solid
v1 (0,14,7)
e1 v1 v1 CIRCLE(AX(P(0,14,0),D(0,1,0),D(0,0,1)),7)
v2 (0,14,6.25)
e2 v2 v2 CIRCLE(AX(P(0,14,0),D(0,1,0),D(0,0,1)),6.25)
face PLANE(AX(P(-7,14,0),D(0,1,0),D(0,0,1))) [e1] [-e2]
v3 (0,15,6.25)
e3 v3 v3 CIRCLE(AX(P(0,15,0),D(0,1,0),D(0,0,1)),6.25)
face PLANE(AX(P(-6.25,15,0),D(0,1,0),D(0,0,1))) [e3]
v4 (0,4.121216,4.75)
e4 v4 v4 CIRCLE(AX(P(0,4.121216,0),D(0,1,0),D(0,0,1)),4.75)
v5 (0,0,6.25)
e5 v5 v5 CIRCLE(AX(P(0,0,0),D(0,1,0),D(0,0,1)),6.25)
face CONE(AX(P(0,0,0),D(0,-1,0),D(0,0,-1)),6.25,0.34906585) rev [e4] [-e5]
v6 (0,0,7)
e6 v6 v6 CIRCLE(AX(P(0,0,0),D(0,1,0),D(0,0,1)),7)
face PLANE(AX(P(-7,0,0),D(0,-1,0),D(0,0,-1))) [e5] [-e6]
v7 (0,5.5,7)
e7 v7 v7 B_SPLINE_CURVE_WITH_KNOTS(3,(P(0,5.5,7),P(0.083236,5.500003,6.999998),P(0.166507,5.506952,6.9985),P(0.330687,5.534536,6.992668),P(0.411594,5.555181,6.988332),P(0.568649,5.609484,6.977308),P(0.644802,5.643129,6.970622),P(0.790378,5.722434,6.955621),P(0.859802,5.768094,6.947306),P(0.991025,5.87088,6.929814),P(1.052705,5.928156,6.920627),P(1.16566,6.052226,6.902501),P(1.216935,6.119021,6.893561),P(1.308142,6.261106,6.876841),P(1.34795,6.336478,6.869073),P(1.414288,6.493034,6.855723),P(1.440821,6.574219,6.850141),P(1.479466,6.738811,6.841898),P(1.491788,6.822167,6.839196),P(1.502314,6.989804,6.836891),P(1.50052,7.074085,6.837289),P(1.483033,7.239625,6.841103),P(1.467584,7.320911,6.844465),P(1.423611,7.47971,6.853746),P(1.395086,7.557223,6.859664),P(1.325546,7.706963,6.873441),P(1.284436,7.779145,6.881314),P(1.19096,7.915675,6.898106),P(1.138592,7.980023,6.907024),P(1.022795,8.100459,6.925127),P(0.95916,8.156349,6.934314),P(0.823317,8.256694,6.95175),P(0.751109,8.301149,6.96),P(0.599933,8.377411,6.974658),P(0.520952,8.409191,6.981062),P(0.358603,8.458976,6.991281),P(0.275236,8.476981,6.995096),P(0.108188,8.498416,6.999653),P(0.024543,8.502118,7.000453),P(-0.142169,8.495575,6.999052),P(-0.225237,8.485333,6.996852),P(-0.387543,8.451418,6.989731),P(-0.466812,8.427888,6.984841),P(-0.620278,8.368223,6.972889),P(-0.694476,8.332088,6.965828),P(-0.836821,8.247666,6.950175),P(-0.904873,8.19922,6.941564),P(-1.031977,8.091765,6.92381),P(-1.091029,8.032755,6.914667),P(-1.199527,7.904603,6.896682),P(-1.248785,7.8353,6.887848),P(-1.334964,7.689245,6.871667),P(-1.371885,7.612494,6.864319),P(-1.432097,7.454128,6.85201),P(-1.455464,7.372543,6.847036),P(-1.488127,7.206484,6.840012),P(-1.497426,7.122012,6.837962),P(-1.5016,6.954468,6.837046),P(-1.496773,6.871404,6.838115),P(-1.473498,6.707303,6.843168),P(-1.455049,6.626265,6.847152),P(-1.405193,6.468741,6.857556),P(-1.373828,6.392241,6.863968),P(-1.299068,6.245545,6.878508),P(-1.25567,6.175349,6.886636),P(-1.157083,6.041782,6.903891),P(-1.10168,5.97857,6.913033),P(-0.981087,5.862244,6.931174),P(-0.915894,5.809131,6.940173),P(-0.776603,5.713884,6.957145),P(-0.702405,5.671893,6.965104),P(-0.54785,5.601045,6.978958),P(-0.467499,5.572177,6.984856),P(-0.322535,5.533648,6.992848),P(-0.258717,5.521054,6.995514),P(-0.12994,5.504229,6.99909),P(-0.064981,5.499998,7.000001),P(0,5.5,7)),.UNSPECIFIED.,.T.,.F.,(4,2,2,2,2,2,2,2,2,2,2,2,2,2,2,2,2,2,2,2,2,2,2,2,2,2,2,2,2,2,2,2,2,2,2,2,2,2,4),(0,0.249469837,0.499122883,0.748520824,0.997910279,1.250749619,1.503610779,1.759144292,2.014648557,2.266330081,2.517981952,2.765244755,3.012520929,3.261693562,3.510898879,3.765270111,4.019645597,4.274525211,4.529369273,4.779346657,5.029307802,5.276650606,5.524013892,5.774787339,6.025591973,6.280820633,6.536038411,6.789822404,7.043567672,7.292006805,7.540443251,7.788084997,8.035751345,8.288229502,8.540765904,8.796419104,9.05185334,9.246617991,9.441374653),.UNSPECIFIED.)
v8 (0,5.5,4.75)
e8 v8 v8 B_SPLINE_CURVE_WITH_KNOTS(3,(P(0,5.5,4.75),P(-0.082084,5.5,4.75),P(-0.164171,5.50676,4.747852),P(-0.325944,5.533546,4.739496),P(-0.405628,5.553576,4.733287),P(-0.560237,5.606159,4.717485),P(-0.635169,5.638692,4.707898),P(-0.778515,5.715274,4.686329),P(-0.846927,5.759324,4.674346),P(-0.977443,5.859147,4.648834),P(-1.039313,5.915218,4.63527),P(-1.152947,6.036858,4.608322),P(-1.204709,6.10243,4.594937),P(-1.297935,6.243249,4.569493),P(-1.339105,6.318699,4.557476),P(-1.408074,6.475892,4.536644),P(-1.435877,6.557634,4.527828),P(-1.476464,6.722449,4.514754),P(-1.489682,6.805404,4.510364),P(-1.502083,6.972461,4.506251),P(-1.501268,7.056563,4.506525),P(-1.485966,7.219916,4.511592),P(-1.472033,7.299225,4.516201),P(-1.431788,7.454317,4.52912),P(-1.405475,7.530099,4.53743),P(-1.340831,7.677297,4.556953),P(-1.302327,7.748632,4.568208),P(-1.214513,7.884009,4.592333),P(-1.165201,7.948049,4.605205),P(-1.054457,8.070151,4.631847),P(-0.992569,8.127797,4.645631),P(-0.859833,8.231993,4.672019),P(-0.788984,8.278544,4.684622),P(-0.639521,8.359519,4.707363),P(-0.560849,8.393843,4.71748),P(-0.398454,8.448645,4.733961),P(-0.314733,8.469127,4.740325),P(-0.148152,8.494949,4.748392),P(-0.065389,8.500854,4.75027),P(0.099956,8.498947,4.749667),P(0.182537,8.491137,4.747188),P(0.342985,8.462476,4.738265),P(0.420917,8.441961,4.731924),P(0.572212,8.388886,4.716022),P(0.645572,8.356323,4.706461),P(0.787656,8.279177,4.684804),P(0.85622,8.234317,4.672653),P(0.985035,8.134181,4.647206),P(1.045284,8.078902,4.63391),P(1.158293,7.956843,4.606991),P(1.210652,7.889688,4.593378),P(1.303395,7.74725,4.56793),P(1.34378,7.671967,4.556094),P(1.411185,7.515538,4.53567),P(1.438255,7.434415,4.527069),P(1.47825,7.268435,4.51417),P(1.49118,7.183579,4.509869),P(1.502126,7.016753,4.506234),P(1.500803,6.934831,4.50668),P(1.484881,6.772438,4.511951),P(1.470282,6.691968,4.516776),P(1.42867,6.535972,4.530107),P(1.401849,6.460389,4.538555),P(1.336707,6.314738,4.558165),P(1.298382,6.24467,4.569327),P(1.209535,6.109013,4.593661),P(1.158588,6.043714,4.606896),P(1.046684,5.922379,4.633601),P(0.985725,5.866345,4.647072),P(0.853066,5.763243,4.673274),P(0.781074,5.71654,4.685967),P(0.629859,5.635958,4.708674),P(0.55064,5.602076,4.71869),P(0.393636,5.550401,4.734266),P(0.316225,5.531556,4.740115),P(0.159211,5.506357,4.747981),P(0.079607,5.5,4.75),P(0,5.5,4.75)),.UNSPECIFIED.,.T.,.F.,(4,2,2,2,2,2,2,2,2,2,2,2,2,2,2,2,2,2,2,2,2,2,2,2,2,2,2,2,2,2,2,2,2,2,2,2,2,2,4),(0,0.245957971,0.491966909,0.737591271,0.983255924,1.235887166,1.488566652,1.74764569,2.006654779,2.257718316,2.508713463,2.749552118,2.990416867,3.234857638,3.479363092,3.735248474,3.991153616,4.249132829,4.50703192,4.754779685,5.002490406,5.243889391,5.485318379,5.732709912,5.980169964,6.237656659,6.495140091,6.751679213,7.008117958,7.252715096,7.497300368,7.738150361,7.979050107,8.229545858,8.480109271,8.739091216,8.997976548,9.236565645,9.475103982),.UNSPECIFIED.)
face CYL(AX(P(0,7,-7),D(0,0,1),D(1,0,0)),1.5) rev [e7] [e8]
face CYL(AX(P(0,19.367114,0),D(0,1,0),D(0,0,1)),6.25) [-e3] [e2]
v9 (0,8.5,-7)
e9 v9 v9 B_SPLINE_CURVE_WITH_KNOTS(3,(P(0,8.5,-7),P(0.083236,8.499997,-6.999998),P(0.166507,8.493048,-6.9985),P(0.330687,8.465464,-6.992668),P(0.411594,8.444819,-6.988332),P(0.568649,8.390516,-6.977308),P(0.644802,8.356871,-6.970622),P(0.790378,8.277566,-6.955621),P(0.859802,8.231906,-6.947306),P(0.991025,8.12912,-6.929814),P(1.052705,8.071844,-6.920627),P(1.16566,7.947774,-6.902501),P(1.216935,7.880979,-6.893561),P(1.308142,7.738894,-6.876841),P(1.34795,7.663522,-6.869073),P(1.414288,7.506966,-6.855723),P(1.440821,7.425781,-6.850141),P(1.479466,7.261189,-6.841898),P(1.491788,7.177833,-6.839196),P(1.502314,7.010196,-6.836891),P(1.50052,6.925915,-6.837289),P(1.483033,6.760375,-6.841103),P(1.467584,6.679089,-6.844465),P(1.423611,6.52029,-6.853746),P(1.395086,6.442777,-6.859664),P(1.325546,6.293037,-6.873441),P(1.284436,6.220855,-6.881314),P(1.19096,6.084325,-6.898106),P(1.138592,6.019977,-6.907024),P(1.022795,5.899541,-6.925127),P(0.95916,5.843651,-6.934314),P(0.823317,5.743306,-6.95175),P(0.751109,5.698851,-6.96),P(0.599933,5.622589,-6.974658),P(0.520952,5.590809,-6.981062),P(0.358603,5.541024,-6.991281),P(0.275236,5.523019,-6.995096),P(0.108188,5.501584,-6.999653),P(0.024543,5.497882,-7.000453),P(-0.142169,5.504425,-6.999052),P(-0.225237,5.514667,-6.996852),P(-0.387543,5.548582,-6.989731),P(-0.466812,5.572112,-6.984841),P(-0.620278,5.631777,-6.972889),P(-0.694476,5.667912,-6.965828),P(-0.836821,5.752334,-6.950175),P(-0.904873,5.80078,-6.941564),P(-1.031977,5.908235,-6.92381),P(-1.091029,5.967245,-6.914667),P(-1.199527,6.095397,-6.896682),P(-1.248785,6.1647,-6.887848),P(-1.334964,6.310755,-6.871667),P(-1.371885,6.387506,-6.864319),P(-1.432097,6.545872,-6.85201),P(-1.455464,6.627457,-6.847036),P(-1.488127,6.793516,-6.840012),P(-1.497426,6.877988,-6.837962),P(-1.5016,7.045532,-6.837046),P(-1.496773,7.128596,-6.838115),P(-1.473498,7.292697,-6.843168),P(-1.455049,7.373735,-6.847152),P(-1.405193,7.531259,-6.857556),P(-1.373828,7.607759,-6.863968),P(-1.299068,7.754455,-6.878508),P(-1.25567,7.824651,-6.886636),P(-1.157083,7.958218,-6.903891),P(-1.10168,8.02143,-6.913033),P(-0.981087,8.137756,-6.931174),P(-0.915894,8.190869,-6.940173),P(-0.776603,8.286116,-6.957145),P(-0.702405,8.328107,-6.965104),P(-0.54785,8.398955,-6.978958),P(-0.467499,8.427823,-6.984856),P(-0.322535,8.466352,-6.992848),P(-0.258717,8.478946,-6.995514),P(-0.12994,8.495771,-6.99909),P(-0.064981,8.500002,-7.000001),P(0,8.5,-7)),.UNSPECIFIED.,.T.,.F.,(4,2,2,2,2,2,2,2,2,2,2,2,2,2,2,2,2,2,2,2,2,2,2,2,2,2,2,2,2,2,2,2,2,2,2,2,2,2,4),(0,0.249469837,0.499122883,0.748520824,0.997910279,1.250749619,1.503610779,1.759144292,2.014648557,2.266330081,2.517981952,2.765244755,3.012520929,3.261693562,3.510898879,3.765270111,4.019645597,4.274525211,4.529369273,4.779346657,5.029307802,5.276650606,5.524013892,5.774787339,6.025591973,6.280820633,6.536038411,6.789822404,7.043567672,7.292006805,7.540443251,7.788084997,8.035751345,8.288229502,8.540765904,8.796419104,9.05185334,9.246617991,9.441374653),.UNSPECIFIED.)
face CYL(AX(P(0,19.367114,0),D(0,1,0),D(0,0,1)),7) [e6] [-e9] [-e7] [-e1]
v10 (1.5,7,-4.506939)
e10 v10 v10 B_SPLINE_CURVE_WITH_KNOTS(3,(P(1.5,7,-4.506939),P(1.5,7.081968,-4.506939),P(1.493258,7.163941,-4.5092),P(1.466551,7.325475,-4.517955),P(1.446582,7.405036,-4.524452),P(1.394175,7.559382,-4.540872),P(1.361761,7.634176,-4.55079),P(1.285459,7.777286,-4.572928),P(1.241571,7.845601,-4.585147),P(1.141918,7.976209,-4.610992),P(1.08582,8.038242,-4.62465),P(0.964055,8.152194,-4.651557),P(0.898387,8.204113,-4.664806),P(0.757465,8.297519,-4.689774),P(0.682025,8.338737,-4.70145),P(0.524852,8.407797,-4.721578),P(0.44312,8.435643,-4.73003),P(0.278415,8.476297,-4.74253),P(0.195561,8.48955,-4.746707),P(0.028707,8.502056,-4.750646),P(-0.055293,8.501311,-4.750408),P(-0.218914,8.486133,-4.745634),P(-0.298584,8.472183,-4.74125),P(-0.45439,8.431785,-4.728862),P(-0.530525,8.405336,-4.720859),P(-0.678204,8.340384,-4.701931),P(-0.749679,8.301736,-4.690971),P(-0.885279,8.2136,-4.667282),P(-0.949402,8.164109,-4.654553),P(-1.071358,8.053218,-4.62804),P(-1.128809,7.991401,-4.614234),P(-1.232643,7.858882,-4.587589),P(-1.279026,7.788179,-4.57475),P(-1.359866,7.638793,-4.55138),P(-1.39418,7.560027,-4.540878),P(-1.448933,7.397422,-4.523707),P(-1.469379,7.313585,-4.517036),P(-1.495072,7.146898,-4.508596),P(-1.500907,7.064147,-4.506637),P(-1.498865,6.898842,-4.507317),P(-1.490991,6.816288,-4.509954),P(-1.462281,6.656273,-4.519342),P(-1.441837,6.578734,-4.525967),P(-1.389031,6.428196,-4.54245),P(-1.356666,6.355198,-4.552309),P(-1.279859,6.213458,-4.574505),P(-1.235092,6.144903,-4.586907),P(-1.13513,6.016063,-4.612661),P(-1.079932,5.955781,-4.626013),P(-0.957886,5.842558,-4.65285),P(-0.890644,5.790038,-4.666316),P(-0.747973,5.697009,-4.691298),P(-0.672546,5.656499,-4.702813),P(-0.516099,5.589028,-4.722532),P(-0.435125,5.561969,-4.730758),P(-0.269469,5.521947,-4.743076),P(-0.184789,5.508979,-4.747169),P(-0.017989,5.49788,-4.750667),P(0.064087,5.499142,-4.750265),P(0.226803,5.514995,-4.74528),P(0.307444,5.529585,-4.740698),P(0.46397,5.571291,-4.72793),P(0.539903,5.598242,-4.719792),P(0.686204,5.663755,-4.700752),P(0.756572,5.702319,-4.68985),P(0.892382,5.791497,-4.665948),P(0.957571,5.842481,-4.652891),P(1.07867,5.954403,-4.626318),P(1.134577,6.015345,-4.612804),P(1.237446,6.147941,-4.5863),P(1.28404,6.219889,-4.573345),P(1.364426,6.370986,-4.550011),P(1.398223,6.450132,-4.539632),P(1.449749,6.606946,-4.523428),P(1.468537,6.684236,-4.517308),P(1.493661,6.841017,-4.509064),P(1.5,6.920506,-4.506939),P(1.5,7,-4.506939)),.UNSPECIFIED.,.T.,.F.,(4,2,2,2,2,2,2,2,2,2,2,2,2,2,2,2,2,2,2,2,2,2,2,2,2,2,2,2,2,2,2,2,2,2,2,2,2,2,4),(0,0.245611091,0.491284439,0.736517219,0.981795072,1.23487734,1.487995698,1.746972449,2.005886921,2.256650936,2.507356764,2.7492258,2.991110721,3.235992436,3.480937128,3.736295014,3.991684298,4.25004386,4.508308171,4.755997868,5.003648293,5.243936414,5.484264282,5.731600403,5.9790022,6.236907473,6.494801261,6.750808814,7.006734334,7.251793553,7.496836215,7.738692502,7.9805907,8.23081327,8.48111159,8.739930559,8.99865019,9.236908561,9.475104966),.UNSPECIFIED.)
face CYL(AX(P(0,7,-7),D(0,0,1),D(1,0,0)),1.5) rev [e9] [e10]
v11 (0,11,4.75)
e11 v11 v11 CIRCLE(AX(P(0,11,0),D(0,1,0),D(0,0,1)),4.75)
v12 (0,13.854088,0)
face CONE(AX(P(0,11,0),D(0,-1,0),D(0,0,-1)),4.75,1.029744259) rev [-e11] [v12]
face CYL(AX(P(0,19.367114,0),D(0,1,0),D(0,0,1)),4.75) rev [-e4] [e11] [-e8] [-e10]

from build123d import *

# Parameters (mm, degrees)
SKETCH2_R               = 1.5
CUT_EXTRUDE1_DEPTH      = 8
CUT_EXTRUDE1_DEPTH_BACK = 8


with BuildPart() as part:
    # Sketch1 → Revolve1 (revolve)
    with BuildSketch(Plane.XY):
        Polygon((-7, 0), (-6.25, 0), (-4.75, 4.121216129), (-4.75, 11), (0, 13.85408794), (0, 15), (-6.25, 15), (-6.25, 14), (-7, 14), align=None)
    revolve(axis=Axis((0, 19.367113744, 0), (0, -1, 0)))

    # Sketch2 → Cut-Extrude1 (cut, two sides)
    with BuildSketch(Plane.XY) as cut_extrude1_sk:
        with Locations((0, 7)):
            Circle(SKETCH2_R)
    extrude(amount=CUT_EXTRUDE1_DEPTH, mode=Mode.SUBTRACT)
    extrude(cut_extrude1_sk.sketch, amount=-CUT_EXTRUDE1_DEPTH_BACK, mode=Mode.SUBTRACT)


solid = part.part
